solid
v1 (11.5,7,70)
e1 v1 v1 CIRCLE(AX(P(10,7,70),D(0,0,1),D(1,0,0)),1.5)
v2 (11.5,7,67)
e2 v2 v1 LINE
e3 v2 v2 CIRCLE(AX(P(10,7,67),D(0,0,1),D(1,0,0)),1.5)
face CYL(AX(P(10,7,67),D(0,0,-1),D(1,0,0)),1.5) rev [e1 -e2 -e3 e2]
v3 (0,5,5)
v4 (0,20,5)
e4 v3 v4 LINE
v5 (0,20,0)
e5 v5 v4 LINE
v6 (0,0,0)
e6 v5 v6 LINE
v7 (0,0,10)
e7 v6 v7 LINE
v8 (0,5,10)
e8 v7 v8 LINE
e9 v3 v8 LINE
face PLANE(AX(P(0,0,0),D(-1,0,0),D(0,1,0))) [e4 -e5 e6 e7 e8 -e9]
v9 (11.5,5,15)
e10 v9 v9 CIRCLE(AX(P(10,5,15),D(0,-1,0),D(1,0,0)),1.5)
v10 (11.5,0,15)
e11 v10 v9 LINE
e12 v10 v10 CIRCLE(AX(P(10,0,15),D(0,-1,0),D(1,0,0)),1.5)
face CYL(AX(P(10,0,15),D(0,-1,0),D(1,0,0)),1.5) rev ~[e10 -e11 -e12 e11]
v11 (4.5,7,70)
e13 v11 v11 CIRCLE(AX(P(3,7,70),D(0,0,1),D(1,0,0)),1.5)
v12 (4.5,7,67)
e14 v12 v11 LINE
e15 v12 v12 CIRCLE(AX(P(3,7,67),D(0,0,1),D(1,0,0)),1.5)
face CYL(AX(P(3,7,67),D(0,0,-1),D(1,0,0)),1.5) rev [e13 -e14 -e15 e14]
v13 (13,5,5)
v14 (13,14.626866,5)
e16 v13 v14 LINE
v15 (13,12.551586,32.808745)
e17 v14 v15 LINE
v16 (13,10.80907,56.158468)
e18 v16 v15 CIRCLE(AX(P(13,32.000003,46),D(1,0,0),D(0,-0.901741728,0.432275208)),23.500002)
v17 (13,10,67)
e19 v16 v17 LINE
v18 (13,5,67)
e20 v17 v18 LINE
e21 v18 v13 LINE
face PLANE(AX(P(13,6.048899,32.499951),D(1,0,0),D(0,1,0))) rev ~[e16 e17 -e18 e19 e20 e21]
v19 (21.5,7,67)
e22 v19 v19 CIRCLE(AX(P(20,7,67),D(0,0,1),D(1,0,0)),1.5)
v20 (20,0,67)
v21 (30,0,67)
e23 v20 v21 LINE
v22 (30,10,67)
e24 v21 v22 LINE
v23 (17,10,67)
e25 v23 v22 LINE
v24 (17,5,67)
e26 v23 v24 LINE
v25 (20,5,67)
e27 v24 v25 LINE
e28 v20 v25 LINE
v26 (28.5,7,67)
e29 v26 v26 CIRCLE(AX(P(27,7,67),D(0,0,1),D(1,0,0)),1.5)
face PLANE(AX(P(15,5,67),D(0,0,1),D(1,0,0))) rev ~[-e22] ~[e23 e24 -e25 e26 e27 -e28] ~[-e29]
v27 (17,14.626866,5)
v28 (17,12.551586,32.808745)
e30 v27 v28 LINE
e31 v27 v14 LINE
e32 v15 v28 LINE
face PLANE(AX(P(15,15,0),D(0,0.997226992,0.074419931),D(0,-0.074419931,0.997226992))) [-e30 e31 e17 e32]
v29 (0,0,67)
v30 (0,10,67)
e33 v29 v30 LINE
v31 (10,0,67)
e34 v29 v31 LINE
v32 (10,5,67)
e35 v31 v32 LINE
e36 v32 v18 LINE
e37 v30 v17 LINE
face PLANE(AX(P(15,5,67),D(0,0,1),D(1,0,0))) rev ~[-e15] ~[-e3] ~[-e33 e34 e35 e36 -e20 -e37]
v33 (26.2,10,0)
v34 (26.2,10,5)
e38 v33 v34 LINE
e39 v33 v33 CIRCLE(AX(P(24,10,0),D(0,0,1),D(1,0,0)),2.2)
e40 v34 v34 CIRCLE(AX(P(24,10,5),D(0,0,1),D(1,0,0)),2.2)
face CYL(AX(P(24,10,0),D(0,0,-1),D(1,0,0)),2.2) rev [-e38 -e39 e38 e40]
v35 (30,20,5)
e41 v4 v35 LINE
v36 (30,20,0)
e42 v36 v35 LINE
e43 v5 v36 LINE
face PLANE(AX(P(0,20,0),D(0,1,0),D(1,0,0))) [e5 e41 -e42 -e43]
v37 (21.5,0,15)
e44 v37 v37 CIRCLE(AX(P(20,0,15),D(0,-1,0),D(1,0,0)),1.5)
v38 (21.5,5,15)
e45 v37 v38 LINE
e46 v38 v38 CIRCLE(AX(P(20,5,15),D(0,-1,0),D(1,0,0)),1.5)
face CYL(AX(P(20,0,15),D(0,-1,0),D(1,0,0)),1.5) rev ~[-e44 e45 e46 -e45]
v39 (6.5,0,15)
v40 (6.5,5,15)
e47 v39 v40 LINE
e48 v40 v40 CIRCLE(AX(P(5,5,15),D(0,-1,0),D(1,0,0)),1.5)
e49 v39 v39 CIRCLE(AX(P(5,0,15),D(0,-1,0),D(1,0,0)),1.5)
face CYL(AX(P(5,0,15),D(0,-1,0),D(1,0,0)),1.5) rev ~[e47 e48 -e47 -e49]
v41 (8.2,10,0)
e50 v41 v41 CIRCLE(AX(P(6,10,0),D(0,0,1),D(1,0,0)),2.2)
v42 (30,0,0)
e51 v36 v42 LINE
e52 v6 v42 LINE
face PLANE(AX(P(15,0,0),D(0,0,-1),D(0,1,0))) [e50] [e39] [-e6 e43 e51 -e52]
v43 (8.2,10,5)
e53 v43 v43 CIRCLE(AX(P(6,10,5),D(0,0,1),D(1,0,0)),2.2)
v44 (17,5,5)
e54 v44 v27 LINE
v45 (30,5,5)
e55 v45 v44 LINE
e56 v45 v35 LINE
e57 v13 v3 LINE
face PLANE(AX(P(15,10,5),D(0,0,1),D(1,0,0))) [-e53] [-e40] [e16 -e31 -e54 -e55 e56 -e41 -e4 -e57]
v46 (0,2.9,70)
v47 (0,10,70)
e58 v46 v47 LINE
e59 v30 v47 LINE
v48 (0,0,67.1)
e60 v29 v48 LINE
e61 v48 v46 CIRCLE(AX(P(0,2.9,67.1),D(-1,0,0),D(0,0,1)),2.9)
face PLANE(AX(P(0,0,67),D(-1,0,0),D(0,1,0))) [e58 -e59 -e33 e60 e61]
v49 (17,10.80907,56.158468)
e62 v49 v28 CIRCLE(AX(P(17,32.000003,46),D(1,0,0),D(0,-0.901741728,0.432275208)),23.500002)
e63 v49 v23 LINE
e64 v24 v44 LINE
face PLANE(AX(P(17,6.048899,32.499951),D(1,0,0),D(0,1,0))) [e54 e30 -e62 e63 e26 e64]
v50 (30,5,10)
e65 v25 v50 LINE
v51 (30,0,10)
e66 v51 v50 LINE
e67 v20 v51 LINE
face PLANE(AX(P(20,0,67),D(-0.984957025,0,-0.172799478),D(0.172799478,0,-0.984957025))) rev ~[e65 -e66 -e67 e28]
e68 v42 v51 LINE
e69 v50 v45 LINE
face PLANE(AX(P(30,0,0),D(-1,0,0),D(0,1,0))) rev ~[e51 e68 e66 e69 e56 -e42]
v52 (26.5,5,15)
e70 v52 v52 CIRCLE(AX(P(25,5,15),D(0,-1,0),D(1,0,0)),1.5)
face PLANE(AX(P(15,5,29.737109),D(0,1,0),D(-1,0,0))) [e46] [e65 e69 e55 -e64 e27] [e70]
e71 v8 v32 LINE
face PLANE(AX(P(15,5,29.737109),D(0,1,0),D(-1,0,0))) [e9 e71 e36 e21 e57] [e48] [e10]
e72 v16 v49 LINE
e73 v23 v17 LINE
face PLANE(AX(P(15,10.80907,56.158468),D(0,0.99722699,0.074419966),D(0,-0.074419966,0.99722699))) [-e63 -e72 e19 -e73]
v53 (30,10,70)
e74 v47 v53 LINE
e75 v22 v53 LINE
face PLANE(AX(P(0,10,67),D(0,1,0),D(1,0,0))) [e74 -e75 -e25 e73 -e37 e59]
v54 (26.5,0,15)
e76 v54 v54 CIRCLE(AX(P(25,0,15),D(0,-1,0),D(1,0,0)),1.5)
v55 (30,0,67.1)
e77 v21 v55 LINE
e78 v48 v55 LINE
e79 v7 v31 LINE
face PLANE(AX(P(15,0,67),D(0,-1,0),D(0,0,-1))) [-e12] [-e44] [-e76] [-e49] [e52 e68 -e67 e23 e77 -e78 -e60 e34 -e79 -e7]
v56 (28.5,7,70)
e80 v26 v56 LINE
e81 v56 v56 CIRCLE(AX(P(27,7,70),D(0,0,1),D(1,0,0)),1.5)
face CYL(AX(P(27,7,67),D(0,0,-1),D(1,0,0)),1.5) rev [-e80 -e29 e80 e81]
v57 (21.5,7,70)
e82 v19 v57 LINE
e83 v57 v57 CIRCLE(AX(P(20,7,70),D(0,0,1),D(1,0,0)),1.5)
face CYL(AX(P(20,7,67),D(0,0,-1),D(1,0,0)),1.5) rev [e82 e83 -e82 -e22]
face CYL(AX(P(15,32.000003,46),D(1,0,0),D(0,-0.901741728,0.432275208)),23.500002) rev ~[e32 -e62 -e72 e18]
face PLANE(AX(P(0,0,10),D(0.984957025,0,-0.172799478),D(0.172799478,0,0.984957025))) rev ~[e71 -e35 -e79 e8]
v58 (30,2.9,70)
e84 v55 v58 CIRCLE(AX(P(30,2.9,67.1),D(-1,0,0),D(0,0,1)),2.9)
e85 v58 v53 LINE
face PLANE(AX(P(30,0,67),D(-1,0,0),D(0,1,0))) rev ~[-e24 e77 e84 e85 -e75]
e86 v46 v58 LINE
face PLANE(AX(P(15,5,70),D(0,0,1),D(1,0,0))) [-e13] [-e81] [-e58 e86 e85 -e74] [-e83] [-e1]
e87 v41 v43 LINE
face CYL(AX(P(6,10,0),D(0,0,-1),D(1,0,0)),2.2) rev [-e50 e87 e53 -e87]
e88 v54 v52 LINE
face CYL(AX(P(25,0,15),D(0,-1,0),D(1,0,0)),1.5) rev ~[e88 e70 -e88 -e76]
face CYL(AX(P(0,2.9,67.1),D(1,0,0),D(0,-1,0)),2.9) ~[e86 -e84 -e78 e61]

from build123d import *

# Parameters (mm, degrees)
SKETCH_W     = 30
SKETCH_H     = 20
SKETCH_R     = 2.2
PAD_DEPTH    = 5
SKETCH001_R  = 1.5
PAD001_DEPTH = 5
SKETCH002_W  = 30
SKETCH002_H  = 10
SKETCH002_R  = 1.5
PAD002_DEPTH = 3
PAD003_DEPTH = 2
FILLET_R     = 2.9


with BuildPart() as part:
    # Sketch → Pad (new body)
    with BuildSketch(Plane.XY):
        with Locations((15, 10)):
            Rectangle(SKETCH_W, SKETCH_H)
        with Locations((6, 10)):
            Circle(SKETCH_R, mode=Mode.SUBTRACT)
        with Locations((24, 10)):
            Circle(SKETCH_R, mode=Mode.SUBTRACT)
    extrude(amount=PAD_DEPTH)

    # Sketch001 → Pad001 (join)
    with BuildSketch(Plane.XZ):
        Polygon((0, 0), (0, 10), (10, 67), (20, 67), (30, 10), (30, 0), align=None)
        with Locations((5, 15)):
            Circle(SKETCH001_R, mode=Mode.SUBTRACT)
        with Locations((10, 15)):
            Circle(SKETCH001_R, mode=Mode.SUBTRACT)
        with Locations((20, 15)):
            Circle(SKETCH001_R, mode=Mode.SUBTRACT)
        with Locations((25, 15)):
            Circle(SKETCH001_R, mode=Mode.SUBTRACT)
    extrude(amount=-PAD001_DEPTH)

    # Sketch002 → Pad002 (join)
    with BuildSketch(Plane.XY.offset(67)):
        with Locations((15, 5)):
            Rectangle(SKETCH002_W, SKETCH002_H)
        with Locations((3, 7)):
            Circle(SKETCH002_R, mode=Mode.SUBTRACT)
        with Locations((10, 7)):
            Circle(SKETCH002_R, mode=Mode.SUBTRACT)
        with Locations((20, 7)):
            Circle(SKETCH002_R, mode=Mode.SUBTRACT)
        with Locations((27, 7)):
            Circle(SKETCH002_R, mode=Mode.SUBTRACT)
    extrude(amount=PAD002_DEPTH)

    # Sketch003 → Pad003 (join, symmetric)
    with BuildSketch(Plane.YZ.offset(15)):
        with BuildLine():
            Line((0, 0), (15, 0))
            Line((15, 0), (12.551586, 32.808745))
            ThreePointArc((10.80907, 56.158468), (8.565166, 44.251132), (12.551586, 32.808745))
            Line((10.80907, 56.158468), (10, 67))
            Line((10, 67), (0, 67))
            Line((0, 67), (0, 0))
        make_face()
    extrude(amount=PAD003_DEPTH, both=True)

    # Fillet
    fillet_edges = [part.edges().sort_by_distance(p)[0] for p in [
        (15, 0, 70),
    ]]
    fillet(fillet_edges, radius=FILLET_R)


solid = part.part
